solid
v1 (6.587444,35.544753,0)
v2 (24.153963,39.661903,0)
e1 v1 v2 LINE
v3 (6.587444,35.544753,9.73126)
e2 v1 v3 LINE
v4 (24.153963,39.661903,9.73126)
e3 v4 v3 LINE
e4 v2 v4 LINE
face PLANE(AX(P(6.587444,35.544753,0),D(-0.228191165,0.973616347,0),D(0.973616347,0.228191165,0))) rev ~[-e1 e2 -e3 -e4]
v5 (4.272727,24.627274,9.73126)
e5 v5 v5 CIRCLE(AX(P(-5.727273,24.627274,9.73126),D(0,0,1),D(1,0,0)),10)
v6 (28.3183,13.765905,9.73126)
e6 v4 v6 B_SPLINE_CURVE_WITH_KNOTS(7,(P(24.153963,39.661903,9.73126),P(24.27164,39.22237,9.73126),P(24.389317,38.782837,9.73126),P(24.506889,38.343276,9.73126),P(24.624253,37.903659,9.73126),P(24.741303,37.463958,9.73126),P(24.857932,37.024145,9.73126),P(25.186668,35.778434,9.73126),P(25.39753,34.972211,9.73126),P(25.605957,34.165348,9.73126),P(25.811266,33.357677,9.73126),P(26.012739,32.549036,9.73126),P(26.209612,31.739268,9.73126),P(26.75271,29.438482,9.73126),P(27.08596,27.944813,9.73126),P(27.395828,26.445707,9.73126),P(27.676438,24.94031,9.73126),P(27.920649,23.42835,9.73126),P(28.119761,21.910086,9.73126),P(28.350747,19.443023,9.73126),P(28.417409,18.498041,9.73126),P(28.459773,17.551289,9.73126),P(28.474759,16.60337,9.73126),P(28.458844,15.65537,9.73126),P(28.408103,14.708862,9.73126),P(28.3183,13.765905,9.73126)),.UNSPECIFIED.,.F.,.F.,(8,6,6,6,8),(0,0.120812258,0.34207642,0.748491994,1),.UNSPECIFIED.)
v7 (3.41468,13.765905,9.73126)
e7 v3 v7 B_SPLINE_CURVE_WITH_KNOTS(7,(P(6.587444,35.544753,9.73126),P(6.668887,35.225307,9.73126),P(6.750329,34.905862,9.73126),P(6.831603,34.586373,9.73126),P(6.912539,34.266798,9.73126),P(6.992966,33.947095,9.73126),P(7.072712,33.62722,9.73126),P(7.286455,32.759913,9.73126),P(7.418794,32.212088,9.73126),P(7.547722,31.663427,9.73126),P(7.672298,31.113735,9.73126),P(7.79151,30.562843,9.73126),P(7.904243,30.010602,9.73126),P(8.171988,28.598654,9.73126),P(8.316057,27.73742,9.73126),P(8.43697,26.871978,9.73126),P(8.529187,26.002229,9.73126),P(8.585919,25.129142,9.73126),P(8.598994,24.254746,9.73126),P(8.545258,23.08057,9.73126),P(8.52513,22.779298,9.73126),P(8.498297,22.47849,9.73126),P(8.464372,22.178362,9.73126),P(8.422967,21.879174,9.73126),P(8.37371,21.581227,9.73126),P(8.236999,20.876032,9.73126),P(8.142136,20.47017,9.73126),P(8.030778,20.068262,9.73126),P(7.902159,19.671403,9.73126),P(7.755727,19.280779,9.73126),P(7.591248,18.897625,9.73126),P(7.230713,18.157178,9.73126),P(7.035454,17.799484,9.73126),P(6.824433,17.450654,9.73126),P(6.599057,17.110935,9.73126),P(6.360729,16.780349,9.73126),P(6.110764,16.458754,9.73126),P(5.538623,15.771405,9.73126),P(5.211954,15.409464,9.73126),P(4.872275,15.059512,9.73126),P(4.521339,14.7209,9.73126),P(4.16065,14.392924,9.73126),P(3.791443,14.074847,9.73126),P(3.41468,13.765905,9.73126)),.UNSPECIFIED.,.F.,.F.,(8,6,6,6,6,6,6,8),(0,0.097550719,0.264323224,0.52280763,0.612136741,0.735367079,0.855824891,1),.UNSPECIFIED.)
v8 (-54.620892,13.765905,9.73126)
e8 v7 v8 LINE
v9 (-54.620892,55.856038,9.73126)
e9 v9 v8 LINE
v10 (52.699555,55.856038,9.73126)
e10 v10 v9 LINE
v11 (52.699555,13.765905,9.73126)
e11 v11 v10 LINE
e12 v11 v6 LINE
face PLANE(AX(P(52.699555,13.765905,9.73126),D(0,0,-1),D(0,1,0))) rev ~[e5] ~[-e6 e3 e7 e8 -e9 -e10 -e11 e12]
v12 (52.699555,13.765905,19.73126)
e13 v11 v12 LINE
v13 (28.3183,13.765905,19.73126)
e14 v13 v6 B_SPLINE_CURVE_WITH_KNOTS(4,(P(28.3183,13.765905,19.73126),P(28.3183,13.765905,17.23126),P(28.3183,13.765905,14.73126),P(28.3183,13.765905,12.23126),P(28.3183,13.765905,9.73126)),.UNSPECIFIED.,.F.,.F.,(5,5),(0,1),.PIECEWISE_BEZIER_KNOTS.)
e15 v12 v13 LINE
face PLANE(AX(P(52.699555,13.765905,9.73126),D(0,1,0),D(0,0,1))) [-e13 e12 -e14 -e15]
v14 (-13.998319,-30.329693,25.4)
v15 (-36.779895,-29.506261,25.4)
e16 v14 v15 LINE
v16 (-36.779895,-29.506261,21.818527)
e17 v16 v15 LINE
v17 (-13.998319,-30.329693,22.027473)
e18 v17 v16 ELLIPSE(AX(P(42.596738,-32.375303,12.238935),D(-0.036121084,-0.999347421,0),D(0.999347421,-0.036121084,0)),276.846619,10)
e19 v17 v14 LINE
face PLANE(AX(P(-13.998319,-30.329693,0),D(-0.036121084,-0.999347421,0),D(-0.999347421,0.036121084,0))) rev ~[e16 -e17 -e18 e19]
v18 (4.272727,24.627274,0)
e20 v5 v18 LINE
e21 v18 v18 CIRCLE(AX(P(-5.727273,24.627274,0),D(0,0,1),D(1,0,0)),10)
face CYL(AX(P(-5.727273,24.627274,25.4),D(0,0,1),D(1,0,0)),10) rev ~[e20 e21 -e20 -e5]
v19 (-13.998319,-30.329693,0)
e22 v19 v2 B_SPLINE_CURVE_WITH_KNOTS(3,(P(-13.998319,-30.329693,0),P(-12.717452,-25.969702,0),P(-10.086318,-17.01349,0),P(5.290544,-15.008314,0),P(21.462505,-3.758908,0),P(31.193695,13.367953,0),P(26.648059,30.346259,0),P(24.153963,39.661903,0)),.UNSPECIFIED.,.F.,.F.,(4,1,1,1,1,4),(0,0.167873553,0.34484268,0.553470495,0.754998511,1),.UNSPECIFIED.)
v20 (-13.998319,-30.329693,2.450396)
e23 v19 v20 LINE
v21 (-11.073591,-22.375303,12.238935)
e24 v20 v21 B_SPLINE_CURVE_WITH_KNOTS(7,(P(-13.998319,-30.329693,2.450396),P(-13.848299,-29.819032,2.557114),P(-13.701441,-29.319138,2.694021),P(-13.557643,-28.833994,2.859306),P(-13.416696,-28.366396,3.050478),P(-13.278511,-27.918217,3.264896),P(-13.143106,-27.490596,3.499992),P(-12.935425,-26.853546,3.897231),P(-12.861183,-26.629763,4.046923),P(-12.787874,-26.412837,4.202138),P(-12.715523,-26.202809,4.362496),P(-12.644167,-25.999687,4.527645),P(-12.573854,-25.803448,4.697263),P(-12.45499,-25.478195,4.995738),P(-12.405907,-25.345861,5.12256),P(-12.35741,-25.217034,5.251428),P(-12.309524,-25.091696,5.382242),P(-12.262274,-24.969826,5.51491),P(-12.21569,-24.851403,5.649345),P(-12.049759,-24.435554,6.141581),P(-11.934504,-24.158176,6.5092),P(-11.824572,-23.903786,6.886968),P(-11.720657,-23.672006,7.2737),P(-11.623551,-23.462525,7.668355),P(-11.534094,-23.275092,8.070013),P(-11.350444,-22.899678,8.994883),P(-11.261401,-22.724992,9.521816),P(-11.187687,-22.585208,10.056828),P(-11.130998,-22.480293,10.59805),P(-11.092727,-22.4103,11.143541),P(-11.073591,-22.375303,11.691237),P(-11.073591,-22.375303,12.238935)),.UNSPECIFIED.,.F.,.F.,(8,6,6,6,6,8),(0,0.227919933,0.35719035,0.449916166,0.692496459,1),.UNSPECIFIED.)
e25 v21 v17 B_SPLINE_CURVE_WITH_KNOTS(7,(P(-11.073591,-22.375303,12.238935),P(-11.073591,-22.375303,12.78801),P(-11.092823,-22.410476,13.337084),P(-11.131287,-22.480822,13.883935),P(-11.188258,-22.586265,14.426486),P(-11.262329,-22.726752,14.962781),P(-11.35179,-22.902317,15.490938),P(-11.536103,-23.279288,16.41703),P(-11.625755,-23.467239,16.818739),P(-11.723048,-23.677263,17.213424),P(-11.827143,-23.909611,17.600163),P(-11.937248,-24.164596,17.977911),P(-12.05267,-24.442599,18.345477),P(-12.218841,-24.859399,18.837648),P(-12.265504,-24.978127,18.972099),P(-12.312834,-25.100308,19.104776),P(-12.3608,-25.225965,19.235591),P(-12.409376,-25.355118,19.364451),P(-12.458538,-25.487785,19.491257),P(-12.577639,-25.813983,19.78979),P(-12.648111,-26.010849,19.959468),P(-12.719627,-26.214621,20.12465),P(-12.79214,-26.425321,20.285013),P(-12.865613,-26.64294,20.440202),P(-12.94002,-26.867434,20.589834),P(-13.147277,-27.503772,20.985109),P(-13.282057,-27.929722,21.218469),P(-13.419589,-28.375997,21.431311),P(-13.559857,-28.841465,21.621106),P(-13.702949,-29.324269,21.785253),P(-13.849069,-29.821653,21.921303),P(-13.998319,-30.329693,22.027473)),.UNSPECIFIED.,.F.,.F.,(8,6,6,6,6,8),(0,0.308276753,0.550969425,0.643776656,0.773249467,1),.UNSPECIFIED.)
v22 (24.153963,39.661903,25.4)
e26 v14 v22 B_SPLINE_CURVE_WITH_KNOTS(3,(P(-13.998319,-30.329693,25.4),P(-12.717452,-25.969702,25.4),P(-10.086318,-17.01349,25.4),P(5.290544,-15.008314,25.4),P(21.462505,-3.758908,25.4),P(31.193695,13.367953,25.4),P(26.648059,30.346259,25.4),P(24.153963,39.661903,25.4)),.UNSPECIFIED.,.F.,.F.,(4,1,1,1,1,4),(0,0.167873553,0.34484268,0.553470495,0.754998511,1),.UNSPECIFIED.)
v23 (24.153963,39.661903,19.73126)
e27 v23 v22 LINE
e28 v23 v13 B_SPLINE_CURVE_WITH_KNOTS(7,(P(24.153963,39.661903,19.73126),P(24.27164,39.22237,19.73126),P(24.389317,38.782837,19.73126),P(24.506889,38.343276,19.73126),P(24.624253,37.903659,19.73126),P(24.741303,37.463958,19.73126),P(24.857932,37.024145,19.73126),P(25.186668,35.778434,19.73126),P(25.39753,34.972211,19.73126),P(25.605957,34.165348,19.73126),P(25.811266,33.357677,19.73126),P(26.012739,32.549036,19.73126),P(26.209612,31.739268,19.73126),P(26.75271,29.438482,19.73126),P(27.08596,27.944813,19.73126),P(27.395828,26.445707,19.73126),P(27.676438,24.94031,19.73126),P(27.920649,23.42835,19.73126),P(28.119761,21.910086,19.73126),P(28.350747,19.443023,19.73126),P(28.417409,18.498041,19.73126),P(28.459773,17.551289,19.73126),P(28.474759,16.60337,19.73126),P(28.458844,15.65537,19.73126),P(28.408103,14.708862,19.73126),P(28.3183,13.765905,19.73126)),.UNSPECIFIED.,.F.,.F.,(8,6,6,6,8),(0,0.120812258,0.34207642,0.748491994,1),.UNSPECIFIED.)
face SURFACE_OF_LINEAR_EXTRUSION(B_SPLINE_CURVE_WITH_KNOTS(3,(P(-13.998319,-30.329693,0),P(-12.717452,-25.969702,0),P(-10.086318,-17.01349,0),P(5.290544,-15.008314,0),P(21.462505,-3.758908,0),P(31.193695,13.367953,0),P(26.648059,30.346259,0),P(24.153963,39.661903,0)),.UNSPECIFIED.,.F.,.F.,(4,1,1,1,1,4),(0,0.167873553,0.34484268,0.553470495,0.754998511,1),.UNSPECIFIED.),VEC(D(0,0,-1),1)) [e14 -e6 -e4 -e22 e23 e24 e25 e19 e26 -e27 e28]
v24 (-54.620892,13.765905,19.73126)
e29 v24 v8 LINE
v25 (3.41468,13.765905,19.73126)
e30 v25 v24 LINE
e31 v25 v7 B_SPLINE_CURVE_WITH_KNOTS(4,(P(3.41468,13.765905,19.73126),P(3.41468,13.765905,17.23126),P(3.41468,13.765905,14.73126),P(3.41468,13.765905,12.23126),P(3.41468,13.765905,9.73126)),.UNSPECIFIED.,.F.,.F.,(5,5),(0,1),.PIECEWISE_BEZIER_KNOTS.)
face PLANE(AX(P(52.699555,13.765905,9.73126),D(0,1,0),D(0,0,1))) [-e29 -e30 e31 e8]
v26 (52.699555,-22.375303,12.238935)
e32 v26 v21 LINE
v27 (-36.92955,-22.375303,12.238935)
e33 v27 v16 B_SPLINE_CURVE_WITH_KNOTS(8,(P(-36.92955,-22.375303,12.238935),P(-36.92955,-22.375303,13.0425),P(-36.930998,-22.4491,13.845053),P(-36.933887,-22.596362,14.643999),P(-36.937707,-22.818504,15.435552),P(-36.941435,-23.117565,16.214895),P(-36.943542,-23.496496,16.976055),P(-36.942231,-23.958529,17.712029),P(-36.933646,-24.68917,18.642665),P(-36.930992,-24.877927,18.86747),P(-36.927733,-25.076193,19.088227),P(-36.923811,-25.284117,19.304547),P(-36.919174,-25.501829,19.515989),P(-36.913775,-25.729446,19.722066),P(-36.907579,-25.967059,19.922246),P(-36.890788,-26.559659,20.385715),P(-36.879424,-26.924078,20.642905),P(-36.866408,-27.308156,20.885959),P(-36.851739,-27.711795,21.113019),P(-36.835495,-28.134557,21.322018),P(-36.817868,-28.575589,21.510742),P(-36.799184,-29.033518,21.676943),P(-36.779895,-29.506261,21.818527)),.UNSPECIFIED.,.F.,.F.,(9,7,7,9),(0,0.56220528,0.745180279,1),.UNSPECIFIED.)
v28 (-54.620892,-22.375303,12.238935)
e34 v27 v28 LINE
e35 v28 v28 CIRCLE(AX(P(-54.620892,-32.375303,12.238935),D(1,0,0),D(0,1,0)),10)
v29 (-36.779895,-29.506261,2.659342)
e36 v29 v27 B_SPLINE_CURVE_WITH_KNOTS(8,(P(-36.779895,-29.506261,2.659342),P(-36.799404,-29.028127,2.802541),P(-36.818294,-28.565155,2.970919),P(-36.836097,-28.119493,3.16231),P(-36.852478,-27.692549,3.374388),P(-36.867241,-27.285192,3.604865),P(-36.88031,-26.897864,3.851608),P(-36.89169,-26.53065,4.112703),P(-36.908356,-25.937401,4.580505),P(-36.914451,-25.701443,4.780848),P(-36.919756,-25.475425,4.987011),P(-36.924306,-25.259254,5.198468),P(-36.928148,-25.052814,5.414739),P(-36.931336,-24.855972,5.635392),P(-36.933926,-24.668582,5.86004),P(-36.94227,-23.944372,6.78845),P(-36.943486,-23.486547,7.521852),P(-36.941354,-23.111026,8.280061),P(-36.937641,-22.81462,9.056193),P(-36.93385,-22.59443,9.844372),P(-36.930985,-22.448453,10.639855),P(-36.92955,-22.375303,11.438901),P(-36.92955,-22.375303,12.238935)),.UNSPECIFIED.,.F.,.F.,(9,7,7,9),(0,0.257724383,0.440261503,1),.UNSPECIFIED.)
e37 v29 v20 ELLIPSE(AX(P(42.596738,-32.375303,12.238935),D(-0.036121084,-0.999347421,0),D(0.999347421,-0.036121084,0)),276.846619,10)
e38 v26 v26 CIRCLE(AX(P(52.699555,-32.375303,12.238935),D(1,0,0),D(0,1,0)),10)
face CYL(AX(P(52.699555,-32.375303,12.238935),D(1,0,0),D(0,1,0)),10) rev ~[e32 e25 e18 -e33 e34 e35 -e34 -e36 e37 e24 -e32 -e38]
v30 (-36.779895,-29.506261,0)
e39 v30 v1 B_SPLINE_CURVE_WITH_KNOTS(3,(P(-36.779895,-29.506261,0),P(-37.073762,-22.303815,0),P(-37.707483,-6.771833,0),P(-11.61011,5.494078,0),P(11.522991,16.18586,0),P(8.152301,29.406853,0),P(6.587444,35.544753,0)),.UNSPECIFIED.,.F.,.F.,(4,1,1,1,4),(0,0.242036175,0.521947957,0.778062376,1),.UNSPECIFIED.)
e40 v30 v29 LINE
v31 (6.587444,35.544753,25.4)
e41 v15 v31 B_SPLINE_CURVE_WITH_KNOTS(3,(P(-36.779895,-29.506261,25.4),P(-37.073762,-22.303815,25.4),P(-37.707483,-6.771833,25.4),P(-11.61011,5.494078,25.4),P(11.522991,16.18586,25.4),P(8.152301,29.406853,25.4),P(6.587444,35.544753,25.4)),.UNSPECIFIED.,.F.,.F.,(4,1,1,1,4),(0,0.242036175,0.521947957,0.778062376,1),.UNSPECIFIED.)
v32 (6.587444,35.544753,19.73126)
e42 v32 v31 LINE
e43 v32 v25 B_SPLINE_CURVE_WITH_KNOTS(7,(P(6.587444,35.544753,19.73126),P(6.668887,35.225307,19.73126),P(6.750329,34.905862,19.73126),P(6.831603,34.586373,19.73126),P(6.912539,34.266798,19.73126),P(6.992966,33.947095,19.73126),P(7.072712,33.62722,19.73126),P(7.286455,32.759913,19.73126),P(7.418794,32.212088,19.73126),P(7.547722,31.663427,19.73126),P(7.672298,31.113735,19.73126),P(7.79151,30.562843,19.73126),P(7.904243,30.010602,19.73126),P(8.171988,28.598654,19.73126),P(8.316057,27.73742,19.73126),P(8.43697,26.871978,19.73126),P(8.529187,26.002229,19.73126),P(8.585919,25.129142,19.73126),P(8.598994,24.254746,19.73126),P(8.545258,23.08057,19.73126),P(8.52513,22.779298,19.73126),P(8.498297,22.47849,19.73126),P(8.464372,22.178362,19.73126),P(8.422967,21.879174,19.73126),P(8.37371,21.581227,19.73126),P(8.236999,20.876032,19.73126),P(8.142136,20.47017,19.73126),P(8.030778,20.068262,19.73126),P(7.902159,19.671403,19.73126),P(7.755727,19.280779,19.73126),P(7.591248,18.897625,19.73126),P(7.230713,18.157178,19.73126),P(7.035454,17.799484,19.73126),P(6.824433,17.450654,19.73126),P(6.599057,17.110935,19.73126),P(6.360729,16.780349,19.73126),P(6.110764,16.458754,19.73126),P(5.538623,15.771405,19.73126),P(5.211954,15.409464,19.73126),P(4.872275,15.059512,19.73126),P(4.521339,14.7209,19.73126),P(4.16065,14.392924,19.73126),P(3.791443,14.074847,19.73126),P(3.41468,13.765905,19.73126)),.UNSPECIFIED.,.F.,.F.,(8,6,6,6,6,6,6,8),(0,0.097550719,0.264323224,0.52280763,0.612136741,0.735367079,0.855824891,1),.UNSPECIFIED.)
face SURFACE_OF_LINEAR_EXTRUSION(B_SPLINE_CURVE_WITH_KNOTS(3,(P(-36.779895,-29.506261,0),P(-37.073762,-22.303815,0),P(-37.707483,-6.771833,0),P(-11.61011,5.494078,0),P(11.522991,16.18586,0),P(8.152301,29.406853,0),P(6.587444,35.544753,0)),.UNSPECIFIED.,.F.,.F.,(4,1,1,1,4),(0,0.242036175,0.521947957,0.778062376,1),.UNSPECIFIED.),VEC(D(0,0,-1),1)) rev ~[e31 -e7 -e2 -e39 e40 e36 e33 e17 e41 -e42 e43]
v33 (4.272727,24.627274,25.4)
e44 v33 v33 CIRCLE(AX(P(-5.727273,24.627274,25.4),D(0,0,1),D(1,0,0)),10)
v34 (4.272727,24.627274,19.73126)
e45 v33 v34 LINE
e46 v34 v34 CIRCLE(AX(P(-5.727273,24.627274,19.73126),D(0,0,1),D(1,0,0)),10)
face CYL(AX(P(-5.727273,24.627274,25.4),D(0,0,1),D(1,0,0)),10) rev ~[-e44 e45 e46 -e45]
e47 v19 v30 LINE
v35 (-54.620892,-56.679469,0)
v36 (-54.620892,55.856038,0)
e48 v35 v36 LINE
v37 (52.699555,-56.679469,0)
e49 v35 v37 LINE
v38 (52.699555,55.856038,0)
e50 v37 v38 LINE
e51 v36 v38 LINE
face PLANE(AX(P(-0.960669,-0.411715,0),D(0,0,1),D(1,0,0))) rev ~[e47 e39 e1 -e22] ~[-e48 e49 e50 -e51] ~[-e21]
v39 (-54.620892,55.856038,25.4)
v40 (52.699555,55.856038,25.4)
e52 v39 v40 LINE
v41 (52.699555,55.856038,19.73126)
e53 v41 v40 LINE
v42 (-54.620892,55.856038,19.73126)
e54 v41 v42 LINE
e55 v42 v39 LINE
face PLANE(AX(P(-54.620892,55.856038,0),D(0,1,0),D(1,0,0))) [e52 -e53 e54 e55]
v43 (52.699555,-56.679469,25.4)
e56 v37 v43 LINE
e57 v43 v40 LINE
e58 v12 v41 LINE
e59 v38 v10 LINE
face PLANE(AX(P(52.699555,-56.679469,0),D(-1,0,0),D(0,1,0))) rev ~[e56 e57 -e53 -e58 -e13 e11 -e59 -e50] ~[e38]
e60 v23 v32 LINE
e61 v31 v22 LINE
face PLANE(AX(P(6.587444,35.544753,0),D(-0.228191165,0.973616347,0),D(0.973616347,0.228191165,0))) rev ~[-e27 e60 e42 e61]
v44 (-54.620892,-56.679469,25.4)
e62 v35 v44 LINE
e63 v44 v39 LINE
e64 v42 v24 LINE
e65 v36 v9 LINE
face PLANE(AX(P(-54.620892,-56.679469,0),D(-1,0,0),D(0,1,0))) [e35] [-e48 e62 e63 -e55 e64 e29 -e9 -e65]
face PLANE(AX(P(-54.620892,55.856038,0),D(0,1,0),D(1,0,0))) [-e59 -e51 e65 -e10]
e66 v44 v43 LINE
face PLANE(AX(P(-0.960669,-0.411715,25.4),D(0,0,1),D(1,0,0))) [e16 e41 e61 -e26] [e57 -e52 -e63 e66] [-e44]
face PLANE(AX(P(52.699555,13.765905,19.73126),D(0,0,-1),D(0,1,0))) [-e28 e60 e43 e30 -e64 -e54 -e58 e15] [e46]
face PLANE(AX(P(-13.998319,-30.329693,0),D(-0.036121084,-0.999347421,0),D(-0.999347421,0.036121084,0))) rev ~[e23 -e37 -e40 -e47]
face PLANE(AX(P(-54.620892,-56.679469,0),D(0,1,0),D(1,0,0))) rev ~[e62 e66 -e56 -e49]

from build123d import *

# Parameters (mm, degrees)
F0_W     = 107.320446521
F0_H     = 112.5355064869
F1_DEPTH = 25.4
F2_R     = 10
F2_W     = 44.1350700906
F2_H     = 10
F3_DEPTH = 107.321446621
F4_R     = 10
F5_DEPTH = 25.4010001


with BuildPart() as f1:
    # F0 (on Top) → F1 (new body)
    with BuildSketch(Plane.XY):
        with Locations((-0.9606685489, -0.4117153585)):
            Rectangle(F0_W, F0_H)
        with BuildLine():
            Line((-13.9983193949, -30.3296931088), (-36.7798954248, -29.5062605292))
            add(Edge.make_bspline(
                [(-36.7798954248, -29.5062605292), (-37.0737623342, -22.3038153757), (-37.7074826154, -6.7718333039), (-11.6101098174, 5.4940779058), (11.5229911211, 16.1858602813), (8.1523007319, 29.4068529306), (6.5874438733, 35.5447530746)],
                knots=[0, 0, 0, 0, 0.2420361752, 0.5219479572, 0.7780623755, 1, 1, 1, 1], degree=3))
            Line((6.5874438733, 35.5447530746), (24.1539627314, 39.6619029343))
            add(Edge.make_bspline(
                [(-13.9983193949, -30.3296931088), (-12.7174517336, -25.9697019043), (-10.0863175924, -17.0134903766), (5.2905439896, -15.0083142094), (21.4625052751, -3.7589083207), (31.1936947319, 13.367953183), (26.6480589275, 30.3462585247), (24.1539627314, 39.6619029343)],
                knots=[0, 0, 0, 0, 0.1678735533, 0.3448426804, 0.5534704946, 0.7549985109, 1, 1, 1, 1], degree=3))
        make_face(mode=Mode.SUBTRACT)
    extrude(amount=F1_DEPTH)

    # F2 (on face) → F3 (cut, through all)
    with BuildSketch(Plane.YZ.offset(52.6995547116)):
        with Locations((-32.3753028454, 12.2389346361)):
            Circle(F2_R)
        with Locations((35.833440075, 14.731259873)):
            Rectangle(F2_W, F2_H)
    extrude(amount=-F3_DEPTH, mode=Mode.SUBTRACT)

    # F4 (on face) → F5 (cut, through all)
    with BuildSketch(Plane.XY.offset(25.4)):
        with Locations((-5.7272729464, 24.6272739023)):
            Circle(F4_R)
    extrude(amount=-F5_DEPTH, mode=Mode.SUBTRACT)


solid = f1.part
